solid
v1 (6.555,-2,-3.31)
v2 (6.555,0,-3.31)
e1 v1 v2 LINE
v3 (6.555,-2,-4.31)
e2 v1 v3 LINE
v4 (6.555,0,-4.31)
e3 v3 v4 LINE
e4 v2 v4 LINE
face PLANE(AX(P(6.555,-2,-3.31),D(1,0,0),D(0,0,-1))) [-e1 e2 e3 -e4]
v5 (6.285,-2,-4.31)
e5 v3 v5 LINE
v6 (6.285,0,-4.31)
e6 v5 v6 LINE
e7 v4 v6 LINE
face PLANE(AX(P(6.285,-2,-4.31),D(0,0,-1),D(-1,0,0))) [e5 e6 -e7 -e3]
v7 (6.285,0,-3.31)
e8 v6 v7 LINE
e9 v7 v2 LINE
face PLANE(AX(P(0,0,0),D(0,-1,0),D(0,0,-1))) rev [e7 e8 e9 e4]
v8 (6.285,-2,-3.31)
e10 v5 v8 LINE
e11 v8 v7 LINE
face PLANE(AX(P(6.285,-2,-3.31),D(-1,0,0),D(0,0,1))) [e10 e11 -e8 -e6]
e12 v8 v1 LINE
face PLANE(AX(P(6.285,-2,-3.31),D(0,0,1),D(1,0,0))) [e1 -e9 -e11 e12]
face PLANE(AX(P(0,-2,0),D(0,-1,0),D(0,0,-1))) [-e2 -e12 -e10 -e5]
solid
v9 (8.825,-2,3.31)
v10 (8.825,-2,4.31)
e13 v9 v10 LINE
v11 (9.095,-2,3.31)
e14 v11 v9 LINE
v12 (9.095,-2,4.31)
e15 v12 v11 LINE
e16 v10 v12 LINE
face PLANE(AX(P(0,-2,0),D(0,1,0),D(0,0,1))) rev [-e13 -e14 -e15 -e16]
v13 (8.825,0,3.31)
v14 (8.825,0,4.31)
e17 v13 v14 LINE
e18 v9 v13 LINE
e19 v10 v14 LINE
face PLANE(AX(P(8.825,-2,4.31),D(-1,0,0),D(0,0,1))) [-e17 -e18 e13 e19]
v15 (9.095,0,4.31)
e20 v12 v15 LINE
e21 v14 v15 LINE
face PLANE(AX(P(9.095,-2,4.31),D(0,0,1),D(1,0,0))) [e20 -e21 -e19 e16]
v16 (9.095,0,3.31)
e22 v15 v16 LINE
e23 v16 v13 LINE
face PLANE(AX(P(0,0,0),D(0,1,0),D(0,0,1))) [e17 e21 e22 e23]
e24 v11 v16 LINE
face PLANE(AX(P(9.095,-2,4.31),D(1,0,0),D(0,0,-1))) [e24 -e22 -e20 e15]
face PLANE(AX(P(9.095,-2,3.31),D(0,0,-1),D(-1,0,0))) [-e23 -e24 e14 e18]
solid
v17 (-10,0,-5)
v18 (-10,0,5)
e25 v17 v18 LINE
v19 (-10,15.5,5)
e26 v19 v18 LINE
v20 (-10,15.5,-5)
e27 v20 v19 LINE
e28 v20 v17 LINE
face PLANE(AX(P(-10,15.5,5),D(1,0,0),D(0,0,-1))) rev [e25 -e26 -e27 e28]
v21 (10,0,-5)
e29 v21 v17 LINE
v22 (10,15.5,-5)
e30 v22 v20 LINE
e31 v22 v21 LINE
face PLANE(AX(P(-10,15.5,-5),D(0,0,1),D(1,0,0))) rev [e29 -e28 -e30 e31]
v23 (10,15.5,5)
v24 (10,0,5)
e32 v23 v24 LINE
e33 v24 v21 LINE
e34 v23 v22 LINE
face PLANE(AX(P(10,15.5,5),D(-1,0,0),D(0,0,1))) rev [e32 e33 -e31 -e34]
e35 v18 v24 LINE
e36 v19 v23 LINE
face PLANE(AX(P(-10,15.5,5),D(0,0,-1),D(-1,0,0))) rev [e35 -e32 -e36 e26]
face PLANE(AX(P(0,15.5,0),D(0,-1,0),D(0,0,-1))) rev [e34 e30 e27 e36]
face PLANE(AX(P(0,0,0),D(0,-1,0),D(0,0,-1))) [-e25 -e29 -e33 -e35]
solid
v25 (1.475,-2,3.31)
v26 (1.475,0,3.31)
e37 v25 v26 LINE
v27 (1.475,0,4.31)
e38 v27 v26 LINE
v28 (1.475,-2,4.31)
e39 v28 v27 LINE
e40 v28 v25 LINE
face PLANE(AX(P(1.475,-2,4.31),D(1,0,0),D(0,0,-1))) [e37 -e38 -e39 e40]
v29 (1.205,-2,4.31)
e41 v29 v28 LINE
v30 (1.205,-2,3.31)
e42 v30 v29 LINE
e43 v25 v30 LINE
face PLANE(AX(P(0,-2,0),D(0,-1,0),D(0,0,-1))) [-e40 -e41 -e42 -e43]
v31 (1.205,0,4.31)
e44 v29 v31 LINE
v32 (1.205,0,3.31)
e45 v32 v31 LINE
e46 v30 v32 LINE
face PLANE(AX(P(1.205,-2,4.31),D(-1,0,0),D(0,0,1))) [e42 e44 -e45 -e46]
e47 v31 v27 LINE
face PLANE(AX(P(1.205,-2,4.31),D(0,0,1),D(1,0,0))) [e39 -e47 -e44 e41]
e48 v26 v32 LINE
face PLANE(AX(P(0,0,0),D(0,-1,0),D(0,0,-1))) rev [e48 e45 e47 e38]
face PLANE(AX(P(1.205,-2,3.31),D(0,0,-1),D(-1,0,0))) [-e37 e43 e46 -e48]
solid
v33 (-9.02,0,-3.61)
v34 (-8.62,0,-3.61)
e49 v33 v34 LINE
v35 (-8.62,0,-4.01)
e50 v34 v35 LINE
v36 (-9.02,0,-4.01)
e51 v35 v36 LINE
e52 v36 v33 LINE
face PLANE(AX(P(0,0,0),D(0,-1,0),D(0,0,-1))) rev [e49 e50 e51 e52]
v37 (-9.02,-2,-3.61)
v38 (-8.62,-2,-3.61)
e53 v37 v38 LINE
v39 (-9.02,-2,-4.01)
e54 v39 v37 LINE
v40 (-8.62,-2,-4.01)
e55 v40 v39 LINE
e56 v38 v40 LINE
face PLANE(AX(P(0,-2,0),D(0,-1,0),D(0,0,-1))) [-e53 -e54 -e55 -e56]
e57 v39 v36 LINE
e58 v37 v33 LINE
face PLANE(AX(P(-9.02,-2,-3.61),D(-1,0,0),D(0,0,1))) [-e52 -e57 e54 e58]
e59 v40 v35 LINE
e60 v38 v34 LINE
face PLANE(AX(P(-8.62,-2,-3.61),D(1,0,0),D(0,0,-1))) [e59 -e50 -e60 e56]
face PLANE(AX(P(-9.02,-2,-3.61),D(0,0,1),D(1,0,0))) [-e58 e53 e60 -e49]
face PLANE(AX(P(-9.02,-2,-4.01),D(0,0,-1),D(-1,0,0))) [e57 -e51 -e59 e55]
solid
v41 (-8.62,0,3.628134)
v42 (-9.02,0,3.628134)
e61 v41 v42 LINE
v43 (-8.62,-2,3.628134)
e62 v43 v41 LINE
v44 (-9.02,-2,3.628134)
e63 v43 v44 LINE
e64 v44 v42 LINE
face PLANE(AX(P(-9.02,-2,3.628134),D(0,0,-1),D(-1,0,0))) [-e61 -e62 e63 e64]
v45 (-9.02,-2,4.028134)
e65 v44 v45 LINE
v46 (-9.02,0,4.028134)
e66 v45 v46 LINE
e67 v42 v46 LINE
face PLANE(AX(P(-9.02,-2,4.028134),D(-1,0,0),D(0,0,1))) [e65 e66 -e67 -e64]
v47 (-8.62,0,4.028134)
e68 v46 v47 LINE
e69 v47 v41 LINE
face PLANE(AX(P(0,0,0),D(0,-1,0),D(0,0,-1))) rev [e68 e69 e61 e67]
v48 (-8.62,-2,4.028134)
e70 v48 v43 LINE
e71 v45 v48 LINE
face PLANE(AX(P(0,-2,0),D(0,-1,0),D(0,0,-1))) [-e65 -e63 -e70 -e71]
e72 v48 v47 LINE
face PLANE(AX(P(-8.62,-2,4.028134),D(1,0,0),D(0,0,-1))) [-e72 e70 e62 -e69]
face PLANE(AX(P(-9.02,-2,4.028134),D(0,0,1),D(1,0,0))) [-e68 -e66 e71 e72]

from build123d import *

# Parameters (mm, degrees)
SKETCH_1_W        = 20
SKETCH_1_H        = 10
EXTRUDE_1_DEPTH   = 15.5
SKETCH_2_W        = 0.4
SKETCH_2_H        = 0.4
EXTRUDE_2_DEPTH   = 2
EXTRUDE_2_2_DEPTH = 2
SKETCH_2_W_2      = 0.27
SKETCH_2_H_2      = 1
EXTRUDE_2_3_DEPTH = 2
EXTRUDE_2_4_DEPTH = 2
EXTRUDE_2_5_DEPTH = 2


with BuildPart() as part:
    # Эскиз1 → Бобышка-Вытянуть1 (new body)
    with BuildSketch(Plane(origin=(0, 0, 0), x_dir=(1, 0, 0), z_dir=(0, 1, 0))):
        Rectangle(SKETCH_1_W, SKETCH_1_H)
    extrude(amount=EXTRUDE_1_DEPTH)


with BuildPart() as body_2:
    # Эскиз2 → Бобышка-Вытянуть2 (new body)
    with BuildSketch(Plane(origin=(0, 0, 0), x_dir=(1, 0, 0), z_dir=(0, 1, 0))):
        with Locations((-8.82, 3.81)):
            Rectangle(SKETCH_2_W, SKETCH_2_H)
    extrude(amount=-EXTRUDE_2_DEPTH)


with BuildPart() as body_3:
    # Эскиз2 → Extrude 2 2 (new body)
    with BuildSketch(Plane(origin=(0, 0, 0), x_dir=(1, 0, 0), z_dir=(0, 1, 0))):
        with Locations((-8.82, -3.828134121)):
            Rectangle(SKETCH_2_W, SKETCH_2_H)
    extrude(amount=-EXTRUDE_2_2_DEPTH)


with BuildPart() as body_4:
    # Эскиз2 → Extrude 2 3 (new body)
    with BuildSketch(Plane(origin=(0, 0, 0), x_dir=(1, 0, 0), z_dir=(0, 1, 0))):
        with Locations((1.34, -3.81)):
            Rectangle(SKETCH_2_W_2, SKETCH_2_H_2)
    extrude(amount=-EXTRUDE_2_3_DEPTH)


with BuildPart() as body_5:
    # Эскиз2 → Extrude 2 4 (new body)
    with BuildSketch(Plane(origin=(0, 0, 0), x_dir=(1, 0, 0), z_dir=(0, 1, 0))):
        with Locations((8.96, -3.81)):
            Rectangle(SKETCH_2_W_2, SKETCH_2_H_2)
    extrude(amount=-EXTRUDE_2_4_DEPTH)


with BuildPart() as body_6:
    # Эскиз2 → Extrude 2 5 (new body)
    with BuildSketch(Plane(origin=(0, 0, 0), x_dir=(1, 0, 0), z_dir=(0, 1, 0))):
        with Locations((6.42, 3.81)):
            Rectangle(SKETCH_2_W_2, SKETCH_2_H_2)
    extrude(amount=-EXTRUDE_2_5_DEPTH)


solid = Compound([part.part, body_2.part, body_3.part, body_4.part, body_5.part, body_6.part])
